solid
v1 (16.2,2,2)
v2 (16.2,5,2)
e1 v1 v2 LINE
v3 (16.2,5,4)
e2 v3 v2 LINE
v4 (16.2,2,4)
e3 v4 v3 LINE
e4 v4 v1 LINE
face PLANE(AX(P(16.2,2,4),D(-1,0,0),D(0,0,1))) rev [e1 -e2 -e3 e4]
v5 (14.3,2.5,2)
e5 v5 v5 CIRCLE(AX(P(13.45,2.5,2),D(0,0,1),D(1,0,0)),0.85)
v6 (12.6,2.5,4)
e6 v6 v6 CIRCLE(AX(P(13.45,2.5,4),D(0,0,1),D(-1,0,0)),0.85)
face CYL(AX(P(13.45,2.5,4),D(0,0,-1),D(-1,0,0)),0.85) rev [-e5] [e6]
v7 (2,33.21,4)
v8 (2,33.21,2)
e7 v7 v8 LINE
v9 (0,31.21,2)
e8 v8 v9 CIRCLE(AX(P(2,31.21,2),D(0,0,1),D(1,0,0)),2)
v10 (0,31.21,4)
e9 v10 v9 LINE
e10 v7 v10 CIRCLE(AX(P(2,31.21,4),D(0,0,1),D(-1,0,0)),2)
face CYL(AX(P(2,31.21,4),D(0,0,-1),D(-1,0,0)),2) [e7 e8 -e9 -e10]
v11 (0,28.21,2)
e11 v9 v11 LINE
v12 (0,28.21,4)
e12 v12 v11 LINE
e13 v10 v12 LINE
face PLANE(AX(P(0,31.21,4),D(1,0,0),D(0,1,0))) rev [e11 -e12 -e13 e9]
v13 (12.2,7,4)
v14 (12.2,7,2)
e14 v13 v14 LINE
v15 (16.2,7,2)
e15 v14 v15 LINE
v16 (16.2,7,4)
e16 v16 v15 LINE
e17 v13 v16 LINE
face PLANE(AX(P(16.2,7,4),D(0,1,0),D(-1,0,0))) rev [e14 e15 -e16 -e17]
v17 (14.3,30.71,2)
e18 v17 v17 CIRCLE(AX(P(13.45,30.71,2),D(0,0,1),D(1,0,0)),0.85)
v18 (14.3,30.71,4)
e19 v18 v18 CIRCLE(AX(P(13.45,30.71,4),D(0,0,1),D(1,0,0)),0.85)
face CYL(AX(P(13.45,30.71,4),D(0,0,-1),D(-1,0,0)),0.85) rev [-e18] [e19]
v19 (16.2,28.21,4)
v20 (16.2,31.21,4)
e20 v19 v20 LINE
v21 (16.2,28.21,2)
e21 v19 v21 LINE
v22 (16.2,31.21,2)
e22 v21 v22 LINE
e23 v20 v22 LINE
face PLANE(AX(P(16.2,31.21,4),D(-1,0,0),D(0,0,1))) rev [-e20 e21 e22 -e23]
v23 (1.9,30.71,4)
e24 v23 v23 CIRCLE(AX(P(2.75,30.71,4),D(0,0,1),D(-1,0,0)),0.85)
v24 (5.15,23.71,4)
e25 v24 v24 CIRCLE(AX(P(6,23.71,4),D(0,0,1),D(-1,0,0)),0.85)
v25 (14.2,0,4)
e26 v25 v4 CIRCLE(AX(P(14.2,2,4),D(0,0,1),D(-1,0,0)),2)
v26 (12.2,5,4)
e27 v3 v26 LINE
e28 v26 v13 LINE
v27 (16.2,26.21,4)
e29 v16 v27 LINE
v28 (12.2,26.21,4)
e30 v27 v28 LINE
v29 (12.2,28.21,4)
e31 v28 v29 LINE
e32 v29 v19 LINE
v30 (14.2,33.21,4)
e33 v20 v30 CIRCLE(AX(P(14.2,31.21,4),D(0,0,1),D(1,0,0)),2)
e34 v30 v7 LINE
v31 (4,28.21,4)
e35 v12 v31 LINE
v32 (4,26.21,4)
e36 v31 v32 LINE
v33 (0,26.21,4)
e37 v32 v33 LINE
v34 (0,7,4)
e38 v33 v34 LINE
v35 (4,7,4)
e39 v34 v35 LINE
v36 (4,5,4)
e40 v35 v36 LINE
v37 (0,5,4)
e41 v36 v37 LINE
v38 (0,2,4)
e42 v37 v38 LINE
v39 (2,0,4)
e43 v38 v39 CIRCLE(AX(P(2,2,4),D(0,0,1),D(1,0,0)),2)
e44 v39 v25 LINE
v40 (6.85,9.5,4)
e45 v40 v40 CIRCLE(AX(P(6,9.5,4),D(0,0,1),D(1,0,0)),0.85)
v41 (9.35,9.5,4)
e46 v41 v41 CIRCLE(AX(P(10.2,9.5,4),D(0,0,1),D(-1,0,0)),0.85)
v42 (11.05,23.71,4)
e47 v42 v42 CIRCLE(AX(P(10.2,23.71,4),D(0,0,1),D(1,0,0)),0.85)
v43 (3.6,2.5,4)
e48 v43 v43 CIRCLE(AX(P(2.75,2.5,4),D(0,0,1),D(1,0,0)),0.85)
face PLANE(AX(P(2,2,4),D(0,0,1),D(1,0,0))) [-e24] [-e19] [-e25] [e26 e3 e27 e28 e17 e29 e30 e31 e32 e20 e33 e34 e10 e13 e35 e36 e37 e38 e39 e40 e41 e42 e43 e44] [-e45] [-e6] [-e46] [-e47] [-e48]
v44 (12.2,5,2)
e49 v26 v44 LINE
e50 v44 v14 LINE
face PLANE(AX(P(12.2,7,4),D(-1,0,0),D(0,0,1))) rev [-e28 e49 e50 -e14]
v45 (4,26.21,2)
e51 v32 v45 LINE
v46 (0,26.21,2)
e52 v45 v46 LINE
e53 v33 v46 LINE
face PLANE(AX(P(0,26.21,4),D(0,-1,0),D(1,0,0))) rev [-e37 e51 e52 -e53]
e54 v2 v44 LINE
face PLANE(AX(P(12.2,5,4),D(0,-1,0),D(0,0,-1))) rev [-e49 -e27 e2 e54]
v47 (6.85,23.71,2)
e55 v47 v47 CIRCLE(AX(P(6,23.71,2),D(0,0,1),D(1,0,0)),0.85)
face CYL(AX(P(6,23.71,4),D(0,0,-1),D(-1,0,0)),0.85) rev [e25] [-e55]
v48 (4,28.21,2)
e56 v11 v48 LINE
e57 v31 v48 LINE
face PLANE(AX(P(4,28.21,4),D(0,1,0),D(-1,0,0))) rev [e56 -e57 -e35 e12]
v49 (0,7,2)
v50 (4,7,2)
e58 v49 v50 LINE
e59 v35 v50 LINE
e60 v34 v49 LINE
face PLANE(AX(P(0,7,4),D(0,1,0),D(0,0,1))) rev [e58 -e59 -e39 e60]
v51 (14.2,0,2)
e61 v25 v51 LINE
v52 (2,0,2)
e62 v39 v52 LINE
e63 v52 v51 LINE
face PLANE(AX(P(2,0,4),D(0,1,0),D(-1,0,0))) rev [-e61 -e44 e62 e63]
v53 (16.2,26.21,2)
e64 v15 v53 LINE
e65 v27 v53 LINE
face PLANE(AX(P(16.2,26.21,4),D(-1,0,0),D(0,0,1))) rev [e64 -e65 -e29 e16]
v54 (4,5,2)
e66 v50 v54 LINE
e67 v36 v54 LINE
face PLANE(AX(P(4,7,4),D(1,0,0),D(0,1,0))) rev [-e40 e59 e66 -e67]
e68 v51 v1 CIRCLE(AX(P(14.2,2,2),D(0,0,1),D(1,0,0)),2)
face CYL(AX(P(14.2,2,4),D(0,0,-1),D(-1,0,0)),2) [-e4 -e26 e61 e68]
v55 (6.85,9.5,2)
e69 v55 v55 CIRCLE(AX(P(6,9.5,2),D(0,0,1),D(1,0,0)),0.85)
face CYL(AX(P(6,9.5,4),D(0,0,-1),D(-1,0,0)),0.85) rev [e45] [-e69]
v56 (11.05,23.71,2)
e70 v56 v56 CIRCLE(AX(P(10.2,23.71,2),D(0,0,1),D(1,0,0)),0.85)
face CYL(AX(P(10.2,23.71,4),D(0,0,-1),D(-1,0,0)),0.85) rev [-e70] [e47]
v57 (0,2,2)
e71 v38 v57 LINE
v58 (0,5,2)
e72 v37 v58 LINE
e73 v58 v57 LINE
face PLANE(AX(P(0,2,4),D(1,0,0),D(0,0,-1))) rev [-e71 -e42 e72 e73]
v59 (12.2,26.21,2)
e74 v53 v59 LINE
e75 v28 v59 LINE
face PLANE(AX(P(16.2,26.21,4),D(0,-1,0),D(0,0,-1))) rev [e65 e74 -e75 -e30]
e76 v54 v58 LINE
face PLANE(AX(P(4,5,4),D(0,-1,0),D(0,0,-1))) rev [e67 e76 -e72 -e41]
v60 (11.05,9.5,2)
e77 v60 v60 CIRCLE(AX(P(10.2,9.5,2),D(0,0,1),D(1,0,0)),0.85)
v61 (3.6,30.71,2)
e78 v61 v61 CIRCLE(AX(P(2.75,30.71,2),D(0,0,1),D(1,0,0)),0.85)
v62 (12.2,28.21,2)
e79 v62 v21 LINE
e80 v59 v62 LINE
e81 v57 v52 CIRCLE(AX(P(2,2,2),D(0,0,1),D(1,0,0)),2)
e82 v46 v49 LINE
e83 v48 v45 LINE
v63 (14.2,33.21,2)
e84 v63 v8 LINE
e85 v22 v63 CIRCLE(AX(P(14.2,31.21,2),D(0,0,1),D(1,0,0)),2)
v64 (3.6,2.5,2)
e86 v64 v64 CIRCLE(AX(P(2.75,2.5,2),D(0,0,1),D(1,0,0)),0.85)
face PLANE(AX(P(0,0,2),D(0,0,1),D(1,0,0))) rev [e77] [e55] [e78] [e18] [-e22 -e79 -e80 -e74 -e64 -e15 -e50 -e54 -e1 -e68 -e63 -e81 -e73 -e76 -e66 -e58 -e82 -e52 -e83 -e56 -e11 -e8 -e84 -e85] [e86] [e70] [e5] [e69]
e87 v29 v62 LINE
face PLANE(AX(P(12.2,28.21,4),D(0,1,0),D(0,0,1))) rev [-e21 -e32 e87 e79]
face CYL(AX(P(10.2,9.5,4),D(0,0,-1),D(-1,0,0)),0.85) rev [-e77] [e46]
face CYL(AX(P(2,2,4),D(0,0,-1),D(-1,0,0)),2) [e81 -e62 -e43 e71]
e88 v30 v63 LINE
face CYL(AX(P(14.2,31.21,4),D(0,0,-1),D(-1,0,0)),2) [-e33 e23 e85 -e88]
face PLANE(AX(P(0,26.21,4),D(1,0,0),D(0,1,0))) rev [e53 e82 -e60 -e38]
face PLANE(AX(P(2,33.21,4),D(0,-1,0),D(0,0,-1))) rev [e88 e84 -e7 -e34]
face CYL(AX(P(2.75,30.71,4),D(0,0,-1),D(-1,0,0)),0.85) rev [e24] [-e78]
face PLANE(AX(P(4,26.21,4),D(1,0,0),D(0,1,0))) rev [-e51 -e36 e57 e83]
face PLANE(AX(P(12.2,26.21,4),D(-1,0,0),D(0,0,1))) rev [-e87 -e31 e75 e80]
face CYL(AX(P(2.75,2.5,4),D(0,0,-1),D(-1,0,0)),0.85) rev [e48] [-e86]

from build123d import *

# Parameters (mm, degrees)
SKETCH1_R           = 0.85
BOSS_EXTRUDE1_DEPTH = 4
SKETCH2_W           = 16.2
SKETCH2_H           = 33.21
CUT_EXTRUDE2_DEPTH  = 2


with BuildPart() as part:
    # Sketch1 → Boss-Extrude1 (new body)
    with BuildSketch(Plane.XY):
        with BuildLine():
            Line((0, 26.21), (0, 7))
            Line((0, 7), (4, 7))
            Line((4, 7), (4, 5))
            Line((4, 5), (0, 5))
            Line((0, 5), (0, 2))
            ThreePointArc((0, 2), (0.585786438, 0.585786438), (2, 0))
            Line((2, 0), (14.2, 0))
            ThreePointArc((14.2, 0), (15.614213562, 0.585786438), (16.2, 2))
            Line((16.2, 2), (16.2, 5))
            Line((16.2, 5), (12.2, 5))
            Line((12.2, 5), (12.2, 7))
            Line((12.2, 7), (16.2, 7))
            Line((16.2, 7), (16.2, 26.21))
            Line((16.2, 26.21), (12.2, 26.21))
            Line((12.2, 26.21), (12.2, 28.21))
            Line((12.2, 28.21), (16.2, 28.21))
            Line((16.2, 28.21), (16.2, 31.21))
            ThreePointArc((16.2, 31.21), (15.614213562, 32.624213562), (14.2, 33.21))
            Line((14.2, 33.21), (2, 33.21))
            ThreePointArc((2, 33.21), (0.585786438, 32.624213562), (0, 31.21))
            Line((0, 31.21), (0, 28.21))
            Line((0, 28.21), (4, 28.21))
            Line((4, 28.21), (4, 26.21))
            Line((4, 26.21), (0, 26.21))
        make_face()
        with Locations((13.45, 2.5)):
            Circle(SKETCH1_R, mode=Mode.SUBTRACT)
        with Locations((10.2, 9.5)):
            Circle(SKETCH1_R, mode=Mode.SUBTRACT)
        with Locations((2.75, 30.71)):
            Circle(SKETCH1_R, mode=Mode.SUBTRACT)
        with Locations((6, 23.71)):
            Circle(SKETCH1_R, mode=Mode.SUBTRACT)
        with Locations((6, 9.5)):
            Circle(SKETCH1_R, mode=Mode.SUBTRACT)
        with Locations((2.75, 2.5)):
            Circle(SKETCH1_R, mode=Mode.SUBTRACT)
        with Locations((10.2, 23.71)):
            Circle(SKETCH1_R, mode=Mode.SUBTRACT)
        with Locations((13.45, 30.71)):
            Circle(SKETCH1_R, mode=Mode.SUBTRACT)
    extrude(amount=BOSS_EXTRUDE1_DEPTH)

    # Sketch2 → Cut-Extrude2 (cut)
    with BuildSketch(Plane.XY):
        with Locations((8.1, 16.605)):
            Rectangle(SKETCH2_W, SKETCH2_H)
    extrude(amount=CUT_EXTRUDE2_DEPTH, mode=Mode.SUBTRACT)


solid = part.part
